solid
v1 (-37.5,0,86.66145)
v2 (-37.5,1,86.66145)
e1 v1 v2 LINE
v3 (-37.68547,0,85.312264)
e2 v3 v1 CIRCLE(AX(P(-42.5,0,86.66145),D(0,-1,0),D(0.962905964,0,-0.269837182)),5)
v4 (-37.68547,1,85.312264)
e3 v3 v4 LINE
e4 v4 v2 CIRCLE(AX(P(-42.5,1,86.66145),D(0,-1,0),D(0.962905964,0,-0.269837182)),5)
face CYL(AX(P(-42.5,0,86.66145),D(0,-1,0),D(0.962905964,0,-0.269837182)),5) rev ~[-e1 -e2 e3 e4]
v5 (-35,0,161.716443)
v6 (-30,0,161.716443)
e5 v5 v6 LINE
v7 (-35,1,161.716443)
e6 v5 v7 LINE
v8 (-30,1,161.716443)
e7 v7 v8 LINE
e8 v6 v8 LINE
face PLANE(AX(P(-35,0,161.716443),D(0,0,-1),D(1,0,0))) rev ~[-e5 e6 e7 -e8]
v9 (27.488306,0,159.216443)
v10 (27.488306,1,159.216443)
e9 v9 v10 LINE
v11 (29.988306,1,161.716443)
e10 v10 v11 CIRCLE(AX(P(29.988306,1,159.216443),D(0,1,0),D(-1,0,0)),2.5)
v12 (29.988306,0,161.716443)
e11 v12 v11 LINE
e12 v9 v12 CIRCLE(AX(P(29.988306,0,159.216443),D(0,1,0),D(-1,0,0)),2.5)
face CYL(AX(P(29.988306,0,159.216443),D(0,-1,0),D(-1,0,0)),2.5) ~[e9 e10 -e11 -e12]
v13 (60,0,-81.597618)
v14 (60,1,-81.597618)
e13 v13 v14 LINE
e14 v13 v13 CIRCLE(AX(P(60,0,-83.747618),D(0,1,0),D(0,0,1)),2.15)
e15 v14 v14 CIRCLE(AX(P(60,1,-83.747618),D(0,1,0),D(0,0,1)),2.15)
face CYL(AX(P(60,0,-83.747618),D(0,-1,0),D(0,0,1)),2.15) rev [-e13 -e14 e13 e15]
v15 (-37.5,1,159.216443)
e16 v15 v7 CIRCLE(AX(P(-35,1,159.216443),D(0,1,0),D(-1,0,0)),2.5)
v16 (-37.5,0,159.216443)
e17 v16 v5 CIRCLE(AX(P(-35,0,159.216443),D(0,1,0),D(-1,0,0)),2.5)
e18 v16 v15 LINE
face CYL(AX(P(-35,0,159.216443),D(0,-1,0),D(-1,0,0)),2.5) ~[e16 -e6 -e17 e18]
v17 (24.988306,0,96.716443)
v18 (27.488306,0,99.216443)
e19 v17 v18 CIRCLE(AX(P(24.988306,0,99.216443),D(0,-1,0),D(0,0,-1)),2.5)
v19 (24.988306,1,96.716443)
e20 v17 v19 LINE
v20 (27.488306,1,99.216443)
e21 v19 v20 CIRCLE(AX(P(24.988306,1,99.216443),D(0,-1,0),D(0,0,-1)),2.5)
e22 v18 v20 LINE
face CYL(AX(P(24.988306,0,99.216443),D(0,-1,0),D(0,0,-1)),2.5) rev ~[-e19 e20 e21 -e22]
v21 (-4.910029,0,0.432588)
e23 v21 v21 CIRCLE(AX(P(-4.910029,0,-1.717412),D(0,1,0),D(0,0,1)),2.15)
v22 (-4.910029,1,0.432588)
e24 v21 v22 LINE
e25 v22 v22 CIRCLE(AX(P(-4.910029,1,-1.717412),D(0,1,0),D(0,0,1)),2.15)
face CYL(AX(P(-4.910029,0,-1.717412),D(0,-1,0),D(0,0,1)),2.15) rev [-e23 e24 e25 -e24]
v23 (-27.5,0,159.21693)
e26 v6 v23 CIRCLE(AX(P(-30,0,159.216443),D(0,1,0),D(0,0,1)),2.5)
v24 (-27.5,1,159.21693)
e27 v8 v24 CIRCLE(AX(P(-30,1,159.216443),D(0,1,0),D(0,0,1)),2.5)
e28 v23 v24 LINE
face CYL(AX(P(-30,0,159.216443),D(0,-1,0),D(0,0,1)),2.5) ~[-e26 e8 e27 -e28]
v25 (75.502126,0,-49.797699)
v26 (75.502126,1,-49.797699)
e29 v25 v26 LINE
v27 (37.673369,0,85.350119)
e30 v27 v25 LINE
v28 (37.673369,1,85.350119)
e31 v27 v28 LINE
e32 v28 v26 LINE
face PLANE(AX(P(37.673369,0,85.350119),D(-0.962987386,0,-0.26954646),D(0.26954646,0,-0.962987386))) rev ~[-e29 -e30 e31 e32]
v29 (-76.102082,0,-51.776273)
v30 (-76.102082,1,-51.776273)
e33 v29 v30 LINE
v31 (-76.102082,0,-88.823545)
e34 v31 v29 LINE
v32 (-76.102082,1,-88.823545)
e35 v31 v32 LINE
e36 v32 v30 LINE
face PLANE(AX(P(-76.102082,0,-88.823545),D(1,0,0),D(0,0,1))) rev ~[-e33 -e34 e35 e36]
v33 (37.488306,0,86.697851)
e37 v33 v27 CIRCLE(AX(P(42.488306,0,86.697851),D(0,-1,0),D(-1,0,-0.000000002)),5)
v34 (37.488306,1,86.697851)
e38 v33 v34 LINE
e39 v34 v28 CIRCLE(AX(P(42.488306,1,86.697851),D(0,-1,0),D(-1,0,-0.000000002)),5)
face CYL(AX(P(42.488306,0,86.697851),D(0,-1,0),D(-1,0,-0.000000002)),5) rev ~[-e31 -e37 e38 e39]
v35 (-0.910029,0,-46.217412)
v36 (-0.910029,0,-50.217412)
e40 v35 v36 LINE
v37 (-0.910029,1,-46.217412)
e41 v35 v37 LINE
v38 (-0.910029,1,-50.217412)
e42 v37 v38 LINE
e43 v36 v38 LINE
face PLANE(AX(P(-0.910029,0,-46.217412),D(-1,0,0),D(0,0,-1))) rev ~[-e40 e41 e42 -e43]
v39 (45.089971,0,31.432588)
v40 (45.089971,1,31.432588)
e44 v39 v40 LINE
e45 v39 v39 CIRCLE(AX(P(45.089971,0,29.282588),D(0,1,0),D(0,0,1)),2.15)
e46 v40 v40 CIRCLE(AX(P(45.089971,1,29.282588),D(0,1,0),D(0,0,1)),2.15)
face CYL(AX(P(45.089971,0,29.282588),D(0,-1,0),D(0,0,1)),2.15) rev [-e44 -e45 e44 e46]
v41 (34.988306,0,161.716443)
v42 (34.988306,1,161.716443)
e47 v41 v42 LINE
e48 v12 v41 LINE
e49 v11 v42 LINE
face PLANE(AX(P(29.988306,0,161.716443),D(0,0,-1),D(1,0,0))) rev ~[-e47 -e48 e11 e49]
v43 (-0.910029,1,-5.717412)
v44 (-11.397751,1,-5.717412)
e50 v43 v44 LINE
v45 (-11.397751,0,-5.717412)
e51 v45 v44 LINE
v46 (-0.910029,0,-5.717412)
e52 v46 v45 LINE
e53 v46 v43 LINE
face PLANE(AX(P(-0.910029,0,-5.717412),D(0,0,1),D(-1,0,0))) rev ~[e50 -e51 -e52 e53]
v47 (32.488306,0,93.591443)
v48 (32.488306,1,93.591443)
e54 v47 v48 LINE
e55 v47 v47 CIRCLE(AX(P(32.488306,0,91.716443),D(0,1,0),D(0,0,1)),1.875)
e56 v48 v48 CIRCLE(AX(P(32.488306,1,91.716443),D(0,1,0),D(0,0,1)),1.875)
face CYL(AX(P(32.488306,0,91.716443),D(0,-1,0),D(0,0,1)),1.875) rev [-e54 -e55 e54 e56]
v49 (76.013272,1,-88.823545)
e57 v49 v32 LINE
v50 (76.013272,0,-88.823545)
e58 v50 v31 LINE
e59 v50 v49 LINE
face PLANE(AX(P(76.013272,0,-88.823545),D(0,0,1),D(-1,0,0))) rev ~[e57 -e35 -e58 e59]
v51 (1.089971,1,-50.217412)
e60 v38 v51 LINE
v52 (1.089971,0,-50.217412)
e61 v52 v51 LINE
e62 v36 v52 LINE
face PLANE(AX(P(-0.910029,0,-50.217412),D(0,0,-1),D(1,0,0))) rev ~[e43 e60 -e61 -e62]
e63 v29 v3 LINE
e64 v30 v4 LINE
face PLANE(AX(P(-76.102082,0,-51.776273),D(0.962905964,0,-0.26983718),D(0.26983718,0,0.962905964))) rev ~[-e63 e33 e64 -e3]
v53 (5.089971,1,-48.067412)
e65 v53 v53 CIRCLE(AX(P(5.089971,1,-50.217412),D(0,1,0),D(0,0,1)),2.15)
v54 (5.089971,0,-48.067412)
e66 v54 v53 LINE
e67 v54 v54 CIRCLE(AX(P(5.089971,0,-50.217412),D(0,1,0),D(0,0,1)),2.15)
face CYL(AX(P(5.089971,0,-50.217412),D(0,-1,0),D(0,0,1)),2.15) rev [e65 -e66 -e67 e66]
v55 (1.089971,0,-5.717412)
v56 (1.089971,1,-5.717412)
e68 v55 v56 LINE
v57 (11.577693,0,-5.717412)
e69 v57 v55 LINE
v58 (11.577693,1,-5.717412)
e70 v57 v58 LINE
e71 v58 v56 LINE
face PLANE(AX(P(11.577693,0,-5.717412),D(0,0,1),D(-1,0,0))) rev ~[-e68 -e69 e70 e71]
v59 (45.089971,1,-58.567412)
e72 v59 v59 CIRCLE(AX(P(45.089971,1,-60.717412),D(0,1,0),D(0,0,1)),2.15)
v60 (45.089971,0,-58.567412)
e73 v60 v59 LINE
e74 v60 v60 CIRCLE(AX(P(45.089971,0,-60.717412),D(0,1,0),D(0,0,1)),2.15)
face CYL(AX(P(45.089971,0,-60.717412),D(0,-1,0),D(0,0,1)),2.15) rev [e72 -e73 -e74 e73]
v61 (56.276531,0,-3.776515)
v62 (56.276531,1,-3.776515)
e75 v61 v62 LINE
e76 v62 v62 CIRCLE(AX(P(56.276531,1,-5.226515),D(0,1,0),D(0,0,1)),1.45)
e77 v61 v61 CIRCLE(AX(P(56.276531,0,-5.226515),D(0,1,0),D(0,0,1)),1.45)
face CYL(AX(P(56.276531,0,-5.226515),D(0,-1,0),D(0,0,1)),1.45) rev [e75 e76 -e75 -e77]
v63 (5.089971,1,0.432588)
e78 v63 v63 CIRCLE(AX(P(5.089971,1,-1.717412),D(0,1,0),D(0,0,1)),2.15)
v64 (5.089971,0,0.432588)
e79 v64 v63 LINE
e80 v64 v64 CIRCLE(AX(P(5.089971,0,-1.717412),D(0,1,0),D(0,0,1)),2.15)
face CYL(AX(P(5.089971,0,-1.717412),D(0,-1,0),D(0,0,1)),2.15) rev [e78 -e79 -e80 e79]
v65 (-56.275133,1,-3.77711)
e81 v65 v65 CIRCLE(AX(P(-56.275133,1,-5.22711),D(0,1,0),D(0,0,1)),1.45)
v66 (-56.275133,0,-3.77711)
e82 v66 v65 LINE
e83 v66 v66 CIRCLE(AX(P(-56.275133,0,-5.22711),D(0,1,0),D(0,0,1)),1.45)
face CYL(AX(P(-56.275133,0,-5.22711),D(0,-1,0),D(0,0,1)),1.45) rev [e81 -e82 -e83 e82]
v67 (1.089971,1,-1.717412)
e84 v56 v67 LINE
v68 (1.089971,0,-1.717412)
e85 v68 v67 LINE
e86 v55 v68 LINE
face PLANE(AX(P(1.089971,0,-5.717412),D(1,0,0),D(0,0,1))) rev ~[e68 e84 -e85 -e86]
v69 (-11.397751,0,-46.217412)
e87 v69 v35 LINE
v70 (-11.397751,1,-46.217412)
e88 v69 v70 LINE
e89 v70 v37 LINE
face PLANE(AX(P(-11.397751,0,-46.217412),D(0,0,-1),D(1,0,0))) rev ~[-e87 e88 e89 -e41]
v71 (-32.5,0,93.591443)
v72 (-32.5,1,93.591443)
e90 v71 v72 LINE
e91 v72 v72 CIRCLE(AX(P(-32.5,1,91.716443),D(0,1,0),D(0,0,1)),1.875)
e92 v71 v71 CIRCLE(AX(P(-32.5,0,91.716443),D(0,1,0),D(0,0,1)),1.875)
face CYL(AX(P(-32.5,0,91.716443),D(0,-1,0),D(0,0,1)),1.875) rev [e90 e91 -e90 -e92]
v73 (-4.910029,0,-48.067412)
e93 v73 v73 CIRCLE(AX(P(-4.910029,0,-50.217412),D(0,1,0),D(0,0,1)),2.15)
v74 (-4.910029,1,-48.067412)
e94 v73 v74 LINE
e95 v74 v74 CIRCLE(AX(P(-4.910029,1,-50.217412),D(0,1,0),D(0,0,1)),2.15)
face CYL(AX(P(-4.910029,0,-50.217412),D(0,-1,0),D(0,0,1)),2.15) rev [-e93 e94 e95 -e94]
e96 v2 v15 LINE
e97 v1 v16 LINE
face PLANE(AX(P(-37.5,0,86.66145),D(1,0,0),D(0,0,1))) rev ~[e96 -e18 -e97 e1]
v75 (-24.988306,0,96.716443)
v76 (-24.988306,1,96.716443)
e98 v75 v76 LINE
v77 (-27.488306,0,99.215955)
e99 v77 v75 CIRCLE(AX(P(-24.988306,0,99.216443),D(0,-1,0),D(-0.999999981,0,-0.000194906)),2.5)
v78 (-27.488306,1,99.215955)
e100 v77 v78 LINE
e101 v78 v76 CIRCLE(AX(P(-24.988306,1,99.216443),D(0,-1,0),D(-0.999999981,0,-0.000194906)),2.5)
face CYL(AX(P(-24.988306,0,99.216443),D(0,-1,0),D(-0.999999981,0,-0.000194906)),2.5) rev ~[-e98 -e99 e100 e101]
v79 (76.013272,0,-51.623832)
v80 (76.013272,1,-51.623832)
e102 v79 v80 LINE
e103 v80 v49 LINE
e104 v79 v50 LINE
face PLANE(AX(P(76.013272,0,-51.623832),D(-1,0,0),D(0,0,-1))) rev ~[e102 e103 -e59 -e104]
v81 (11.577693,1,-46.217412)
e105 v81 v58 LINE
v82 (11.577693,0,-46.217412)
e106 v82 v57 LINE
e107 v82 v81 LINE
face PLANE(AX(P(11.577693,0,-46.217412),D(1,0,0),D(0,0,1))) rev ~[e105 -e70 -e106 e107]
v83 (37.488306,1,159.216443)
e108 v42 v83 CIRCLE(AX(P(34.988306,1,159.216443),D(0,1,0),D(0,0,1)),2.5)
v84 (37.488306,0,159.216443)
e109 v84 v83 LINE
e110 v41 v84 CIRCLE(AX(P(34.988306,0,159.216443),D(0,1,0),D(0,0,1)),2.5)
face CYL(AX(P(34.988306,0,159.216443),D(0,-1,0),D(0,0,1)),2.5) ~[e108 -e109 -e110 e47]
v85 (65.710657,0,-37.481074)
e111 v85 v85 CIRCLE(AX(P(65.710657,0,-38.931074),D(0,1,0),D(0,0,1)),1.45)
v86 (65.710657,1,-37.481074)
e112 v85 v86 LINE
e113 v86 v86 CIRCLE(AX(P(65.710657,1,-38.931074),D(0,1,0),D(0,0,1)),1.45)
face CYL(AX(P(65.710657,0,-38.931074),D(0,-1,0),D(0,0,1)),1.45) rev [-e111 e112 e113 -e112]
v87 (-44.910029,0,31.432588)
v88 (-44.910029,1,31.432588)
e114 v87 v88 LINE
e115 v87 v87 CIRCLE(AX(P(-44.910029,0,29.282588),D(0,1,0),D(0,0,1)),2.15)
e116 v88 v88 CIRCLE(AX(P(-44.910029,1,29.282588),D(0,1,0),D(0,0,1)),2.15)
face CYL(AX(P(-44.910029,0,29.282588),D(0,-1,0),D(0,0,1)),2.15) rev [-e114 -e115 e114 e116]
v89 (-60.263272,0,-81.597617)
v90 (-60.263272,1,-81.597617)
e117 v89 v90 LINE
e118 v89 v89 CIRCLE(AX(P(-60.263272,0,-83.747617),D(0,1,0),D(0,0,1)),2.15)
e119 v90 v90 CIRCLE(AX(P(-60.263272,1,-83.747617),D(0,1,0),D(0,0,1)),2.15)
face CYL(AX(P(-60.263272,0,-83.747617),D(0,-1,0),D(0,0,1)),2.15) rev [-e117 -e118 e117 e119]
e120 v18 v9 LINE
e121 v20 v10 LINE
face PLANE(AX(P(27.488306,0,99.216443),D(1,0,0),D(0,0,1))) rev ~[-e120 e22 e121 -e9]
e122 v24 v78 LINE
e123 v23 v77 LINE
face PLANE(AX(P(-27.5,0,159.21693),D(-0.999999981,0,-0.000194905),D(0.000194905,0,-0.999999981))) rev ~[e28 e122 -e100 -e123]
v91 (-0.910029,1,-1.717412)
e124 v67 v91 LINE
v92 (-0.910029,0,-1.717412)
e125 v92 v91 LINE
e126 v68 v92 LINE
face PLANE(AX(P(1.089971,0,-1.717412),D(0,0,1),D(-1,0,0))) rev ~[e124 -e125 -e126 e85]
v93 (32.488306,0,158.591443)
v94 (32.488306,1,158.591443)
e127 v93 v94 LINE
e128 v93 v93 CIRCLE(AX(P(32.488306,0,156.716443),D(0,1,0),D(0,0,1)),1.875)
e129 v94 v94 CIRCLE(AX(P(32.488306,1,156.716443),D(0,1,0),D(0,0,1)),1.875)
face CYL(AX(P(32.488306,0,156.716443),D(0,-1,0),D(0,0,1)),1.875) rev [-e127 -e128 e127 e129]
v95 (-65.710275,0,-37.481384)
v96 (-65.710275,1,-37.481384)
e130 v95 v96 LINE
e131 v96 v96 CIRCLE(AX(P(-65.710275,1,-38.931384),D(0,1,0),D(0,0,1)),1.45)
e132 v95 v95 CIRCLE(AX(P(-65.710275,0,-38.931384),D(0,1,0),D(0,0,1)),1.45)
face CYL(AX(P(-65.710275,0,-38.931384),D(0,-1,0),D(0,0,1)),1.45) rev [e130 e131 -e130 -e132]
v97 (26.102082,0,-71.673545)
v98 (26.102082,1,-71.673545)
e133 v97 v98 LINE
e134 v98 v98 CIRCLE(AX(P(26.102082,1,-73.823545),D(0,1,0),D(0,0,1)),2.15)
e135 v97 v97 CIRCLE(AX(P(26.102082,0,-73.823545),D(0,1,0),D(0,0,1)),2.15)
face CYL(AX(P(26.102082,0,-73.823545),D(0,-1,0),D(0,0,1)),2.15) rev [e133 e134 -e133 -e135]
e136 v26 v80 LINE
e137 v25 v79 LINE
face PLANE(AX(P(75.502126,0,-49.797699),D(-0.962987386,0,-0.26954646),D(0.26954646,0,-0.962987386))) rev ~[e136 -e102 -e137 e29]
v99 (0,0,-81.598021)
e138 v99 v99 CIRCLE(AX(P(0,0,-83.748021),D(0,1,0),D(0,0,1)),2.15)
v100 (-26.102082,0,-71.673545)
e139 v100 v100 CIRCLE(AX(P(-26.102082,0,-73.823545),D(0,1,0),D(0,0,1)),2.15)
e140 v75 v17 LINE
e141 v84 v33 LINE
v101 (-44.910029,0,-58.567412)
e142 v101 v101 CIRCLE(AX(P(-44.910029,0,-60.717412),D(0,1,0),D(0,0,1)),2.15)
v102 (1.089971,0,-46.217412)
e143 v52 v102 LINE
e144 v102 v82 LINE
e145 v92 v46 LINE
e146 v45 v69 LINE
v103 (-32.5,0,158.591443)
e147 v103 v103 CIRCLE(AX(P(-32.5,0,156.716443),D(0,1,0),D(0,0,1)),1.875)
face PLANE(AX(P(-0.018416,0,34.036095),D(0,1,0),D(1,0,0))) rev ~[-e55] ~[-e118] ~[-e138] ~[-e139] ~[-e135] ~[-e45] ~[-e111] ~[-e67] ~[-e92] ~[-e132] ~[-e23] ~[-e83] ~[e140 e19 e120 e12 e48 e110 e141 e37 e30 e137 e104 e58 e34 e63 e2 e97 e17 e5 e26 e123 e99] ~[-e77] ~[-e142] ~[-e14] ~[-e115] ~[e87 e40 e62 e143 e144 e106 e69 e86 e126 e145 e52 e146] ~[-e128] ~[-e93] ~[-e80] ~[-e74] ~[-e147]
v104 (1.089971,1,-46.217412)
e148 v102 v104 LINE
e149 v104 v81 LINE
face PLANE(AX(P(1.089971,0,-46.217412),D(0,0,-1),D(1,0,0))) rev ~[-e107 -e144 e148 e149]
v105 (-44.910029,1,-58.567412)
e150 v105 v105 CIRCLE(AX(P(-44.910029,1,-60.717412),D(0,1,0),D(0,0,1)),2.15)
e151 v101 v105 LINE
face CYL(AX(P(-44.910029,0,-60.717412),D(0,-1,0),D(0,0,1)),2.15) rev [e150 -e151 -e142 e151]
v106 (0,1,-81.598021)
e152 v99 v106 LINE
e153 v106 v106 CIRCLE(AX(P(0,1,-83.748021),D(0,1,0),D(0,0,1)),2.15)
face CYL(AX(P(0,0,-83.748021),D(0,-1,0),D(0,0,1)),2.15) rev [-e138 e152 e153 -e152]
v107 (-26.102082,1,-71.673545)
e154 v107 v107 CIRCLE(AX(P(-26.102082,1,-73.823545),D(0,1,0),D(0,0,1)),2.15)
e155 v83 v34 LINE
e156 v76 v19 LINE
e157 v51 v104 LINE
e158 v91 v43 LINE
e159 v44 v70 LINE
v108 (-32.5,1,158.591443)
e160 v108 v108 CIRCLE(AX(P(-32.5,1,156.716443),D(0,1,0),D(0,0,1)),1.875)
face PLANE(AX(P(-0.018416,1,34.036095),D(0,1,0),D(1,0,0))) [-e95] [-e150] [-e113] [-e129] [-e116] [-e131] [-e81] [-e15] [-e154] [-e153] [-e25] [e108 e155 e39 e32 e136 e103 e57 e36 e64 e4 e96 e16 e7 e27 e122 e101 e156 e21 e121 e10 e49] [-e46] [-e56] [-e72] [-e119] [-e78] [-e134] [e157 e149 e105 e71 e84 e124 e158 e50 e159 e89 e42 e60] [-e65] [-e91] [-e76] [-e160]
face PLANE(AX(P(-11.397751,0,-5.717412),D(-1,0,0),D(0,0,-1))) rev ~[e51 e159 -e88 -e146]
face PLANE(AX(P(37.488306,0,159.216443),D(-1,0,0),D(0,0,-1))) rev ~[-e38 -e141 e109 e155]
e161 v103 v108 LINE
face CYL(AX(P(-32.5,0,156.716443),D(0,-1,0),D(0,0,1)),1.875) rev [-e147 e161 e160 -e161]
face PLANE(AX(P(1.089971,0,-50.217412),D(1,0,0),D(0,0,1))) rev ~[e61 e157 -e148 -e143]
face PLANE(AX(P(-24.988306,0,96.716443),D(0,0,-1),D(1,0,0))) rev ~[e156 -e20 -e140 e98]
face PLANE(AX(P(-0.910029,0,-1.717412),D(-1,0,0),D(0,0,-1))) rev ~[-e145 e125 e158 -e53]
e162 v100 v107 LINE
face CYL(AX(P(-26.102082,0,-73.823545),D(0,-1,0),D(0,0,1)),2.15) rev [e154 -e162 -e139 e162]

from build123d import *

# Parameters (mm, degrees)
SKETCH26_R          = 1.875
SKETCH26_R_2        = 2.15
SKETCH26_R_3        = 1.45
BOSS_EXTRUDE6_DEPTH = 1


with BuildPart() as part:
    # Sketch26 → Boss-Extrude6 (new body)
    with BuildSketch(Plane(origin=(0, 0, 0), x_dir=(1, 0, 0), z_dir=(0, 1, 0))):
        with BuildLine():
            Line((76.013272408, 51.623832483), (76.013272408, 88.823544949))
            Line((76.013272408, 88.823544949), (-76.102081629, 88.823544949))
            Line((-76.102081629, 88.823544949), (-76.102081629, 51.776273242))
            Line((-76.102081629, 51.776273242), (-37.685470178, -85.312264175))
            ThreePointArc((-37.685470178, -85.312264175), (-37.546584556, -85.980512893), (-37.5, -86.661450073))
            Line((-37.5, -86.661450073), (-37.5, -159.216442532))
            ThreePointArc((-37.5, -159.216442532), (-36.767766953, -160.984209485), (-35, -161.716442532))
            Line((-35, -161.716442532), (-30, -161.716442532))
            ThreePointArc((-30, -161.716442532), (-28.232405329, -160.98438175), (-27.500000047, -159.216929795))
            Line((-27.500000047, -159.216929795), (-27.488305541, -99.215955269))
            ThreePointArc((-27.488305541, -99.215955269), (-26.755900259, -97.448503314), (-24.988305588, -96.716442532))
            Line((-24.988305588, -96.716442532), (24.988305588, -96.716442532))
            ThreePointArc((24.988305588, -96.716442532), (26.756072541, -97.448675579), (27.488305588, -99.216442532))
            Line((27.488305588, -99.216442532), (27.488305588, -159.216442532))
            ThreePointArc((27.488305588, -159.216442532), (28.220538635, -160.984209485), (29.988305588, -161.716442532))
            Line((29.988305588, -161.716442532), (34.988305588, -161.716442532))
            ThreePointArc((34.988305588, -161.716442532), (36.756072541, -160.984209485), (37.488305588, -159.216442532))
            Line((37.488305588, -159.216442532), (37.488305588, -86.69785128))
            ThreePointArc((37.488305588, -86.69785128), (37.534787412, -86.017661841), (37.673368657, -85.350118981))
            Line((37.673368657, -85.350118981), (75.502125614, 49.797698633))
            Line((75.502125614, 49.797698633), (76.013272408, 51.623832483))
        make_face()
        with Locations(Location((-32.5, -156.716442532, 0), (0, 0, 270))):
            Circle(SKETCH26_R, mode=Mode.SUBTRACT)
        with Locations(Location((-32.5, -91.716442532, 0), (0, 0, 270))):
            Circle(SKETCH26_R, mode=Mode.SUBTRACT)
        with Locations(Location((32.488305588, -156.716442532, 0), (0, 0, 270))):
            Circle(SKETCH26_R, mode=Mode.SUBTRACT)
        with Locations(Location((32.488305588, -91.716442532, 0), (0, 0, 270))):
            Circle(SKETCH26_R, mode=Mode.SUBTRACT)
        with Locations(Location((-44.91002895, -29.282587791, 0), (0, 0, 270))):
            Circle(SKETCH26_R_2, mode=Mode.SUBTRACT)
        with Locations(Location((-56.275133419, 5.22710987, 0), (0, 0, 270))):
            Circle(SKETCH26_R_3, mode=Mode.SUBTRACT)
        with Locations(Location((-4.91002895, 1.717412209, 0), (0, 0, 270))):
            Circle(SKETCH26_R_2, mode=Mode.SUBTRACT)
        with Locations(Location((-65.710275059, 38.931384113, 0), (0, 0, 270))):
            Circle(SKETCH26_R_3, mode=Mode.SUBTRACT)
        with Locations(Location((-60.263272408, 83.747616616, 0), (0, 0, 270))):
            Circle(SKETCH26_R_2, mode=Mode.SUBTRACT)
        with Locations(Location((-44.91002895, 60.717412209, 0), (0, 0, 270))):
            Circle(SKETCH26_R_2, mode=Mode.SUBTRACT)
        with Locations(Location((-4.91002895, 50.217412209, 0), (0, 0, 270))):
            Circle(SKETCH26_R_2, mode=Mode.SUBTRACT)
        with Locations(Location((-26.102081629, 73.823544949, 0), (0, 0, 270))):
            Circle(SKETCH26_R_2, mode=Mode.SUBTRACT)
        with Locations(Location((5.08997105, 1.717412209, 0), (0, 0, 270))):
            Circle(SKETCH26_R_2, mode=Mode.SUBTRACT)
        Polygon((11.577692982, 46.217412209), (11.577692982, 5.717412209), (1.08997105, 5.717412209), (1.08997105, 1.717412209), (-0.91002895, 1.717412209), (-0.91002895, 5.717412209), (-11.397750883, 5.717412209), (-11.397750883, 46.217412209), (-0.91002895, 46.217412209), (-0.91002895, 50.217412209), (1.08997105, 50.217412209), (1.08997105, 46.217412209), align=None, mode=Mode.SUBTRACT)
        with Locations(Location((45.08997105, -29.282587791, 0), (0, 0, 270))):
            Circle(SKETCH26_R_2, mode=Mode.SUBTRACT)
        with Locations(Location((56.276531408, 5.226515161, 0), (0, 0, 270))):
            Circle(SKETCH26_R_3, mode=Mode.SUBTRACT)
        with Locations(Location((5.08997105, 50.217412209, 0), (0, 0, 270))):
            Circle(SKETCH26_R_2, mode=Mode.SUBTRACT)
        with Locations(Location((0, 83.74802142, 0), (0, 0, 270))):
            Circle(SKETCH26_R_2, mode=Mode.SUBTRACT)
        with Locations(Location((26.102081629, 73.823544949, 0), (0, 0, 270))):
            Circle(SKETCH26_R_2, mode=Mode.SUBTRACT)
        with Locations(Location((65.7106575, 38.931073679, 0), (0, 0, 270))):
            Circle(SKETCH26_R_3, mode=Mode.SUBTRACT)
        with Locations(Location((45.08997105, 60.717412209, 0), (0, 0, 270))):
            Circle(SKETCH26_R_2, mode=Mode.SUBTRACT)
        with Locations(Location((59.999999999, 83.747618385, 0), (0, 0, 270))):
            Circle(SKETCH26_R_2, mode=Mode.SUBTRACT)
    extrude(amount=BOSS_EXTRUDE6_DEPTH)


solid = part.part
